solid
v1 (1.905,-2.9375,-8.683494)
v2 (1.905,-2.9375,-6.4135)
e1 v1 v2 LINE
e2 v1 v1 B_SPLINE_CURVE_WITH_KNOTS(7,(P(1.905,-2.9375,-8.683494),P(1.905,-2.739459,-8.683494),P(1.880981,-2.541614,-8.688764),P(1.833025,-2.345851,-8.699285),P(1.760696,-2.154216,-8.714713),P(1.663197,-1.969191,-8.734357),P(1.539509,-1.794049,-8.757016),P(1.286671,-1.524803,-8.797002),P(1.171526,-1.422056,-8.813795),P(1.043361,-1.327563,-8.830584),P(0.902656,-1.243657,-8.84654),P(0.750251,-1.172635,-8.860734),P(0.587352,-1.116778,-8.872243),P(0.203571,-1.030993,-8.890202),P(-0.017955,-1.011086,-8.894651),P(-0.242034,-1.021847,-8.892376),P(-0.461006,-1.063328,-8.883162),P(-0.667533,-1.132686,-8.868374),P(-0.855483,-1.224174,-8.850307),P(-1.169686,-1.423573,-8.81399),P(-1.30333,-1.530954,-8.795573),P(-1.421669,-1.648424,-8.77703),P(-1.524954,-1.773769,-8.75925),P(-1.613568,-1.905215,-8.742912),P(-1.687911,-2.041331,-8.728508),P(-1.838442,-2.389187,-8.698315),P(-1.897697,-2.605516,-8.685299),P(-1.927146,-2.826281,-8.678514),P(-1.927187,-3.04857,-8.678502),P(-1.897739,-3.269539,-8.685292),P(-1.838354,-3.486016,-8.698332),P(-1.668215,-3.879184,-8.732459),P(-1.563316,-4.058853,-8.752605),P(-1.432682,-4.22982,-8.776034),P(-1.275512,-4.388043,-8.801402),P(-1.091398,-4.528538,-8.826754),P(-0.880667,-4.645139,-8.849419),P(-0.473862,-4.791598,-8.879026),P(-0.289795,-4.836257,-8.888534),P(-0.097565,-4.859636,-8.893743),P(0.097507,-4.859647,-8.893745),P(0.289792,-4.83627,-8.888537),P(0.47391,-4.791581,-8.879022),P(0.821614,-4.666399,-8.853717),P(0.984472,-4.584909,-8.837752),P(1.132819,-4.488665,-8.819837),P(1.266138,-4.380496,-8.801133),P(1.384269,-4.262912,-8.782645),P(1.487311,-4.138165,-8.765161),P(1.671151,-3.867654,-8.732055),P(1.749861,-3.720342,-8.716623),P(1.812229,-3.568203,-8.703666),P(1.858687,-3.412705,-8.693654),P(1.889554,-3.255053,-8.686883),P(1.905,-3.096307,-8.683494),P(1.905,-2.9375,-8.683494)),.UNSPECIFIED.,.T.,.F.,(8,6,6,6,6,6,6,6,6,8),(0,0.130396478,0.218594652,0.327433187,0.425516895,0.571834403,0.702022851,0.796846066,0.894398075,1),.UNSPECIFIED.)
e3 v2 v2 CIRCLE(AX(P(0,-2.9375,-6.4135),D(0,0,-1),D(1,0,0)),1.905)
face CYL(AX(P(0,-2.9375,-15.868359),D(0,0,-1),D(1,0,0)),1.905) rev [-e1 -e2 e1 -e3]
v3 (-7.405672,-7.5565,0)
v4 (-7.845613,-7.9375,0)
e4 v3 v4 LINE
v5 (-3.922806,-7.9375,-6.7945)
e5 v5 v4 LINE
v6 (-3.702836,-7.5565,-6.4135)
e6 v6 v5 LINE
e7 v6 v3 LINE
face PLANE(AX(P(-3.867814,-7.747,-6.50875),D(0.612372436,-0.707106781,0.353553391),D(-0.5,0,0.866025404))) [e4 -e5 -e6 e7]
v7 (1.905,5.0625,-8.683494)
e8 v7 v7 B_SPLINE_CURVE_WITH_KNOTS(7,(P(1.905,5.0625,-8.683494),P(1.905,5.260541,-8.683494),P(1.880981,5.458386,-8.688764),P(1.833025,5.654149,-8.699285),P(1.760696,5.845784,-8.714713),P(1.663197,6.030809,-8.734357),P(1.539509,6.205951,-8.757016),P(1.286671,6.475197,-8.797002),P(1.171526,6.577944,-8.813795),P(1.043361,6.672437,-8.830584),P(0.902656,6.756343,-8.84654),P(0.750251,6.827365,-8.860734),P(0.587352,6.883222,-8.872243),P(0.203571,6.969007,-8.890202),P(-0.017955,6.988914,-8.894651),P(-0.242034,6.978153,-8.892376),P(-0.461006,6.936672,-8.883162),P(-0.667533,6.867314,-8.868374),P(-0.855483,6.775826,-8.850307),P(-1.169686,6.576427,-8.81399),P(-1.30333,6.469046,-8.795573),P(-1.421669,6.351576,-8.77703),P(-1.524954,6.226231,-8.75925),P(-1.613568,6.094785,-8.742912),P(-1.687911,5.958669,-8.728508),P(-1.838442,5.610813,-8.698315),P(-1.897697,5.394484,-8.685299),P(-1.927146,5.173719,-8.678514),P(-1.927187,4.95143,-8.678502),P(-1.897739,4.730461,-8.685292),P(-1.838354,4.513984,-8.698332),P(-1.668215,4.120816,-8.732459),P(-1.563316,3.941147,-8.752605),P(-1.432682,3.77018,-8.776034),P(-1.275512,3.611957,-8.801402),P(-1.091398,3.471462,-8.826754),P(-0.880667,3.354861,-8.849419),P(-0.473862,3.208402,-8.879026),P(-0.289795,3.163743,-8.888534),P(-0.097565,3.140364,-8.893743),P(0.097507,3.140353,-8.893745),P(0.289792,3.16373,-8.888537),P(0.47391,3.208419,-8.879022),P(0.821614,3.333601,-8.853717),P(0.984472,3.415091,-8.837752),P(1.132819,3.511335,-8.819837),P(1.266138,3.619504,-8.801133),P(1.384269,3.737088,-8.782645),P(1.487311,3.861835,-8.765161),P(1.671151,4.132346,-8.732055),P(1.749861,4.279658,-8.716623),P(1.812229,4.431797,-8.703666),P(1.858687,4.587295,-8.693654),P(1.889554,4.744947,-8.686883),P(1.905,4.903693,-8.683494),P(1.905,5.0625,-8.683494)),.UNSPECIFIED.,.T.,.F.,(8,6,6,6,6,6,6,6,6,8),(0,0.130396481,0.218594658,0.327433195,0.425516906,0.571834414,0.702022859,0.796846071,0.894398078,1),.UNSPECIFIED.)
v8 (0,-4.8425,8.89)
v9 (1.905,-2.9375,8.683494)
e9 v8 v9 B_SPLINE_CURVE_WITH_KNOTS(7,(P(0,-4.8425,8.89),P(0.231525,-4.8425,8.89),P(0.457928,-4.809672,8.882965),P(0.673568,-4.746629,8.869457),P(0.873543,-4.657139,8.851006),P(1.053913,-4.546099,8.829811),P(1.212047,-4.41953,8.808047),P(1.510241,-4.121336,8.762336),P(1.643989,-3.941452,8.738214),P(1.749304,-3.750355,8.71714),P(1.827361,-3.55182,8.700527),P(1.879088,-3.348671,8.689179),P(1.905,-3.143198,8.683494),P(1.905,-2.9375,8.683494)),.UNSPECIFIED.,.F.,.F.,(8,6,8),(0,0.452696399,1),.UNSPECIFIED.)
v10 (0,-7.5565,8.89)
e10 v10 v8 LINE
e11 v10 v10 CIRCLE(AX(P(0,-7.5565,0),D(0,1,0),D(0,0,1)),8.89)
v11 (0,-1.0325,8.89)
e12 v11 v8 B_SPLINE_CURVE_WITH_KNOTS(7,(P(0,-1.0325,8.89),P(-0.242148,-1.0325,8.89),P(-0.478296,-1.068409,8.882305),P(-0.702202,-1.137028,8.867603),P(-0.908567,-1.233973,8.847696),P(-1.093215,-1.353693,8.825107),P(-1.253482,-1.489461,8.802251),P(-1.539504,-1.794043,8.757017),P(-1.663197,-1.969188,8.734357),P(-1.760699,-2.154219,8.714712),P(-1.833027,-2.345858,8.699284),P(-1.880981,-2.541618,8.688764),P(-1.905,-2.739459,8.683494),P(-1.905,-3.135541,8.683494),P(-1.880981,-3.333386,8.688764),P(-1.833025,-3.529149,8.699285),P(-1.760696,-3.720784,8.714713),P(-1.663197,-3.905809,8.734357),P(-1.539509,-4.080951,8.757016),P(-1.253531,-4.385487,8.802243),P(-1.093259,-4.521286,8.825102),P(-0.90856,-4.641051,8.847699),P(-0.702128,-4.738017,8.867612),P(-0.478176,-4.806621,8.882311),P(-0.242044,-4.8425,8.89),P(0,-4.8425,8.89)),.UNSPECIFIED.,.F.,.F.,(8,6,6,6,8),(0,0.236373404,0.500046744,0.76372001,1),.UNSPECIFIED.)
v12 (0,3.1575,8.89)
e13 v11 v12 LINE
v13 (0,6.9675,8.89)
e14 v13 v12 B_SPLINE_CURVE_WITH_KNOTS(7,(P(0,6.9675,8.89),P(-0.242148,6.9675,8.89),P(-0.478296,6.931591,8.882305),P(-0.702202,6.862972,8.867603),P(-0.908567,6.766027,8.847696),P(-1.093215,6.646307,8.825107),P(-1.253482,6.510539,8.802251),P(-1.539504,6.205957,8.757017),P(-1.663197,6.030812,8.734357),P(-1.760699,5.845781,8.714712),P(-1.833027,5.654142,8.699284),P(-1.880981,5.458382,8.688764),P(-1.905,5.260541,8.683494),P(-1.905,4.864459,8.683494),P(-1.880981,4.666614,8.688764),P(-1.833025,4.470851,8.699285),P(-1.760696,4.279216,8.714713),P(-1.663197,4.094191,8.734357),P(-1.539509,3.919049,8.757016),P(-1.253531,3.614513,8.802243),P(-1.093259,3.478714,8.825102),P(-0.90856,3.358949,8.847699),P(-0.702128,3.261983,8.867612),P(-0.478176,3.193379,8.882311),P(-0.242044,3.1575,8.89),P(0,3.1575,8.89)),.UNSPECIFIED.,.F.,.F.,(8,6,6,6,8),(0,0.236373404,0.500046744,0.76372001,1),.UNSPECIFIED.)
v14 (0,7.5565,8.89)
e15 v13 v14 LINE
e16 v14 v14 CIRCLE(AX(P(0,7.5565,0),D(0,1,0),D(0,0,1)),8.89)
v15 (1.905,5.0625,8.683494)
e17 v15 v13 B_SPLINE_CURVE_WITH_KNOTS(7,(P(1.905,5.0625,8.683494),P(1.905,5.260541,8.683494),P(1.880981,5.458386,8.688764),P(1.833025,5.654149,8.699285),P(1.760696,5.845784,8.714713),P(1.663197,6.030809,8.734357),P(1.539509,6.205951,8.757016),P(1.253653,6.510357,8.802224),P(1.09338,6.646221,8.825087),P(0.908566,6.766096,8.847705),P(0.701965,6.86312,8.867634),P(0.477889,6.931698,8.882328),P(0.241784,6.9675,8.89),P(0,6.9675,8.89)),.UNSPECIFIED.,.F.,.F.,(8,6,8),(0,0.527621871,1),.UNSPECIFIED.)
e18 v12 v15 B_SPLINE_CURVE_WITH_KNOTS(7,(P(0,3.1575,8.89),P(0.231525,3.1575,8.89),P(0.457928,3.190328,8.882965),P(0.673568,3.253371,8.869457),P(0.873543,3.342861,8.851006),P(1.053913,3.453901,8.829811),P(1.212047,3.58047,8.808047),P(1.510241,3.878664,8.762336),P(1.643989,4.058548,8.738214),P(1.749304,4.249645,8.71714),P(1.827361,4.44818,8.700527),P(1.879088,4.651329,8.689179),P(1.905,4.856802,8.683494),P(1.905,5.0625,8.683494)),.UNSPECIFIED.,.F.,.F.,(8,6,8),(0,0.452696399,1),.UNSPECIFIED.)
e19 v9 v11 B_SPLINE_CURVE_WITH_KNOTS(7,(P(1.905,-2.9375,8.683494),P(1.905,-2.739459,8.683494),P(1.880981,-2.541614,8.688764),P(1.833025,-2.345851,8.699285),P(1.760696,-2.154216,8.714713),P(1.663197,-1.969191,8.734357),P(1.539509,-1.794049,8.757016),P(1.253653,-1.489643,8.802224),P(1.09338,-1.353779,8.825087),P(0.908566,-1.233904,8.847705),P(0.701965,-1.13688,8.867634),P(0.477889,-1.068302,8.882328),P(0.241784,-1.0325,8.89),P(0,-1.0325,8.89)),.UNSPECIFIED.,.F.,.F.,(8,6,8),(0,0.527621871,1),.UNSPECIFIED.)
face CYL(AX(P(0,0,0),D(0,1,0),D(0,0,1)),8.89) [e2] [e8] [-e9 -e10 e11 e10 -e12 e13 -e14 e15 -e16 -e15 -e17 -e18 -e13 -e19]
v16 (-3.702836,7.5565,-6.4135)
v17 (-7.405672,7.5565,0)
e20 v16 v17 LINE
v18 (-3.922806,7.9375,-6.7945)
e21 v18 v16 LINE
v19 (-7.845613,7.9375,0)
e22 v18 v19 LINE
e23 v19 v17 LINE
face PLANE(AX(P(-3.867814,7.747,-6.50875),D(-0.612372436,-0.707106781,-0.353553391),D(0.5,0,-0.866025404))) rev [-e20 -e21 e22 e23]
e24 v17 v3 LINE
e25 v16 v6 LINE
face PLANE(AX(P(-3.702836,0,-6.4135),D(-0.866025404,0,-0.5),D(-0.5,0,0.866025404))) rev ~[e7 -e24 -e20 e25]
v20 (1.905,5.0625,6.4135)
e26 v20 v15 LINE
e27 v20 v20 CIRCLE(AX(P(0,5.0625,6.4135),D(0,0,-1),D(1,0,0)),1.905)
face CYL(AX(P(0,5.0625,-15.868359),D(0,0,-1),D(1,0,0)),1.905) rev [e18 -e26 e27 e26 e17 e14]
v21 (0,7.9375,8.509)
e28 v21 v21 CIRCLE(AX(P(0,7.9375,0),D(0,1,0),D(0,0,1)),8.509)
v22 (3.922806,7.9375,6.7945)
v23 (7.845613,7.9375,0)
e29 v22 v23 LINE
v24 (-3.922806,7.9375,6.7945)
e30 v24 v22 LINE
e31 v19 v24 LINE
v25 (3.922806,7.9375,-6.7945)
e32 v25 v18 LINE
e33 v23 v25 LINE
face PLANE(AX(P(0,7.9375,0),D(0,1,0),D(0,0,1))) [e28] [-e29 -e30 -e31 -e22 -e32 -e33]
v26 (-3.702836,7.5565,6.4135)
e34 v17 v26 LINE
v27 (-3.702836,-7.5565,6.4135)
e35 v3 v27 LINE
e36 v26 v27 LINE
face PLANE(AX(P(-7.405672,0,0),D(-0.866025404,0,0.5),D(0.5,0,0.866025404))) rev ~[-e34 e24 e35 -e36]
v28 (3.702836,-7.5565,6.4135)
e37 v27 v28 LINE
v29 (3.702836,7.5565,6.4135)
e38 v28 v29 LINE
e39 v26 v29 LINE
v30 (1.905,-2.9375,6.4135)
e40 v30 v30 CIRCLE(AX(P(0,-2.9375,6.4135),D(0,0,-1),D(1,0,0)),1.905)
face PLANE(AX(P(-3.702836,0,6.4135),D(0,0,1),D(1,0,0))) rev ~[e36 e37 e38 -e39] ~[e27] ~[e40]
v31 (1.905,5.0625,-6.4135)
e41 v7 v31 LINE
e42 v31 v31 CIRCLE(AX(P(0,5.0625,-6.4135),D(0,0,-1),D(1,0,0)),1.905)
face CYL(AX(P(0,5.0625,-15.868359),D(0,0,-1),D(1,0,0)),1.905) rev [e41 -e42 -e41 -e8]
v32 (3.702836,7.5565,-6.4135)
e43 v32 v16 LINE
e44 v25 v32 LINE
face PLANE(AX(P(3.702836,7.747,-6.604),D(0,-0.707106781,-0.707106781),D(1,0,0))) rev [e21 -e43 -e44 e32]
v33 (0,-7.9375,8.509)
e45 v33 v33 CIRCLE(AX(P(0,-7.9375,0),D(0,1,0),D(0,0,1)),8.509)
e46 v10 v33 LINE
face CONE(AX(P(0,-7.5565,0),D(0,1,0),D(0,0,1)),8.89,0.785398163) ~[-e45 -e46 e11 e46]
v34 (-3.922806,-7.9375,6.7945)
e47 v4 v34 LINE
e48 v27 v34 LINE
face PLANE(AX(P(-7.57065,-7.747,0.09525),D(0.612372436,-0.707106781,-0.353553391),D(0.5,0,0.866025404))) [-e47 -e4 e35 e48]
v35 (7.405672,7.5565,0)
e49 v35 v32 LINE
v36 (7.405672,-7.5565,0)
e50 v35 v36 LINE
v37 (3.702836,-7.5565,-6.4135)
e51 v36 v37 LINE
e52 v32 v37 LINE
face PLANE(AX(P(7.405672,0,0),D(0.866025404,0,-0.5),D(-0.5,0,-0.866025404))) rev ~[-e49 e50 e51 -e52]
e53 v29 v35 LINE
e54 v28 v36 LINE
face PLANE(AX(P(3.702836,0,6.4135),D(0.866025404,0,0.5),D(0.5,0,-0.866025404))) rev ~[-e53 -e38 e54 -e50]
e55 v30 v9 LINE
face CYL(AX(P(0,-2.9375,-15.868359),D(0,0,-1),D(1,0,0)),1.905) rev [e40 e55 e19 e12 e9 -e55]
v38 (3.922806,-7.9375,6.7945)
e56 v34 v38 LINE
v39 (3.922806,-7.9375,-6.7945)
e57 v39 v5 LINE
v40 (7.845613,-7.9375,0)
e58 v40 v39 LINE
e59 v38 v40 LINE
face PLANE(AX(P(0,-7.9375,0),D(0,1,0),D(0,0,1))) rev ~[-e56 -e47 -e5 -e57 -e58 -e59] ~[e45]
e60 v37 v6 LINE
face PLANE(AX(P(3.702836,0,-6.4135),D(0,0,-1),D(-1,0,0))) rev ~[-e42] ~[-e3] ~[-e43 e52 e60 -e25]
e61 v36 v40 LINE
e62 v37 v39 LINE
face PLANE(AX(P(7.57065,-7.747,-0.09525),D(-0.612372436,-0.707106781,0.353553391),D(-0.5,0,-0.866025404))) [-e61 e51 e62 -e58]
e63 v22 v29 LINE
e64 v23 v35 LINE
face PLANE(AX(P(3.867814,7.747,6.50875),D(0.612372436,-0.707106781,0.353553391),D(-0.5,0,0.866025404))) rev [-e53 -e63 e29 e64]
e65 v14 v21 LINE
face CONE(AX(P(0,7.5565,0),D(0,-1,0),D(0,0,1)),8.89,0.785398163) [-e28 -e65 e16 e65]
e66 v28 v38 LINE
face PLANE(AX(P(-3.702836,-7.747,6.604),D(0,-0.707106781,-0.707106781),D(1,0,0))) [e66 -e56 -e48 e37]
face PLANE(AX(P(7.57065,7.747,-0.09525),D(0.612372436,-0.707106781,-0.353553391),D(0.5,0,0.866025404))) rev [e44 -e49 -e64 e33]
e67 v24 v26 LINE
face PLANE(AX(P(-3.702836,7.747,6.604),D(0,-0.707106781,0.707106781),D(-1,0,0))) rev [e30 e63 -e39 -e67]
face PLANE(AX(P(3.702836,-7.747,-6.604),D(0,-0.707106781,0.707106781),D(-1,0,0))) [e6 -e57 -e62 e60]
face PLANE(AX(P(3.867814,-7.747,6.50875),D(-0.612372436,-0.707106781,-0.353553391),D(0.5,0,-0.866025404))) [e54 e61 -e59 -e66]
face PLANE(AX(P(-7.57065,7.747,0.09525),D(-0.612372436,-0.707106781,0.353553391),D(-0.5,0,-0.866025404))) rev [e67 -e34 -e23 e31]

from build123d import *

# Parameters (mm, degrees)
SKETCH1_R               = 8.89
BOSS_EXTRUDE1_DEPTH     = 7.9375
CHAMFER1_SIZE           = 0.381
CUT_EXTRUDE1_DEPTH      = 15.868359232
CUT_EXTRUDE1_DEPTH_BACK = 15.868359232
SKETCH3_R               = 1.905


with BuildPart() as part:
    # Sketch1 → Boss-Extrude1 (new, symmetric)
    with BuildSketch(Plane(origin=(0, 0, 0), x_dir=(1, 0, 0), z_dir=(0, 1, 0))):
        with Locations(Location((0, 0, 0), (0, 0, 270))):
            Circle(SKETCH1_R)
        Polygon((3.702835951, -6.4135), (7.405671903, 0), (3.702835951, 6.4135), (-3.702835951, 6.4135), (-7.405671903, 0), (-3.702835951, -6.4135), align=None, mode=Mode.SUBTRACT)
    extrude(amount=BOSS_EXTRUDE1_DEPTH, both=True)

    # Chamfer1
    chamfer1_edges = [part.edges().sort_by_distance(p)[0] for p in [
        (5.554253927, -7.9375, -3.20675),
        (0, -7.9375, -6.4135),
        (-5.554253927, -7.9375, -3.20675),
        (-5.554253927, -7.9375, 3.20675),
        (0, 7.9375, 6.4135),
        (5.554253927, 7.9375, 3.20675),
        (5.554253927, 7.9375, -3.20675),
        (0, 7.9375, -6.4135),
        (-5.554253927, 7.9375, -3.20675),
        (-5.554253927, 7.9375, 3.20675),
        (0, -7.9375, -8.89),
        (0, 7.9375, -8.89),
        (0, -7.9375, 6.4135),
        (5.554253927, -7.9375, 3.20675),
    ]]
    chamfer(chamfer1_edges, length=CHAMFER1_SIZE)

    # Sketch3 → Cut-Extrude1 (cut, two sides: drawn at the far end of the back side and taken through both)
    with BuildSketch(Plane.XY.offset(-CUT_EXTRUDE1_DEPTH_BACK)):
        with Locations((0, -2.9375)):
            Circle(SKETCH3_R)
        with Locations((0, 5.0625)):
            Circle(SKETCH3_R)
    extrude(amount=CUT_EXTRUDE1_DEPTH + CUT_EXTRUDE1_DEPTH_BACK, mode=Mode.SUBTRACT)


solid = part.part
